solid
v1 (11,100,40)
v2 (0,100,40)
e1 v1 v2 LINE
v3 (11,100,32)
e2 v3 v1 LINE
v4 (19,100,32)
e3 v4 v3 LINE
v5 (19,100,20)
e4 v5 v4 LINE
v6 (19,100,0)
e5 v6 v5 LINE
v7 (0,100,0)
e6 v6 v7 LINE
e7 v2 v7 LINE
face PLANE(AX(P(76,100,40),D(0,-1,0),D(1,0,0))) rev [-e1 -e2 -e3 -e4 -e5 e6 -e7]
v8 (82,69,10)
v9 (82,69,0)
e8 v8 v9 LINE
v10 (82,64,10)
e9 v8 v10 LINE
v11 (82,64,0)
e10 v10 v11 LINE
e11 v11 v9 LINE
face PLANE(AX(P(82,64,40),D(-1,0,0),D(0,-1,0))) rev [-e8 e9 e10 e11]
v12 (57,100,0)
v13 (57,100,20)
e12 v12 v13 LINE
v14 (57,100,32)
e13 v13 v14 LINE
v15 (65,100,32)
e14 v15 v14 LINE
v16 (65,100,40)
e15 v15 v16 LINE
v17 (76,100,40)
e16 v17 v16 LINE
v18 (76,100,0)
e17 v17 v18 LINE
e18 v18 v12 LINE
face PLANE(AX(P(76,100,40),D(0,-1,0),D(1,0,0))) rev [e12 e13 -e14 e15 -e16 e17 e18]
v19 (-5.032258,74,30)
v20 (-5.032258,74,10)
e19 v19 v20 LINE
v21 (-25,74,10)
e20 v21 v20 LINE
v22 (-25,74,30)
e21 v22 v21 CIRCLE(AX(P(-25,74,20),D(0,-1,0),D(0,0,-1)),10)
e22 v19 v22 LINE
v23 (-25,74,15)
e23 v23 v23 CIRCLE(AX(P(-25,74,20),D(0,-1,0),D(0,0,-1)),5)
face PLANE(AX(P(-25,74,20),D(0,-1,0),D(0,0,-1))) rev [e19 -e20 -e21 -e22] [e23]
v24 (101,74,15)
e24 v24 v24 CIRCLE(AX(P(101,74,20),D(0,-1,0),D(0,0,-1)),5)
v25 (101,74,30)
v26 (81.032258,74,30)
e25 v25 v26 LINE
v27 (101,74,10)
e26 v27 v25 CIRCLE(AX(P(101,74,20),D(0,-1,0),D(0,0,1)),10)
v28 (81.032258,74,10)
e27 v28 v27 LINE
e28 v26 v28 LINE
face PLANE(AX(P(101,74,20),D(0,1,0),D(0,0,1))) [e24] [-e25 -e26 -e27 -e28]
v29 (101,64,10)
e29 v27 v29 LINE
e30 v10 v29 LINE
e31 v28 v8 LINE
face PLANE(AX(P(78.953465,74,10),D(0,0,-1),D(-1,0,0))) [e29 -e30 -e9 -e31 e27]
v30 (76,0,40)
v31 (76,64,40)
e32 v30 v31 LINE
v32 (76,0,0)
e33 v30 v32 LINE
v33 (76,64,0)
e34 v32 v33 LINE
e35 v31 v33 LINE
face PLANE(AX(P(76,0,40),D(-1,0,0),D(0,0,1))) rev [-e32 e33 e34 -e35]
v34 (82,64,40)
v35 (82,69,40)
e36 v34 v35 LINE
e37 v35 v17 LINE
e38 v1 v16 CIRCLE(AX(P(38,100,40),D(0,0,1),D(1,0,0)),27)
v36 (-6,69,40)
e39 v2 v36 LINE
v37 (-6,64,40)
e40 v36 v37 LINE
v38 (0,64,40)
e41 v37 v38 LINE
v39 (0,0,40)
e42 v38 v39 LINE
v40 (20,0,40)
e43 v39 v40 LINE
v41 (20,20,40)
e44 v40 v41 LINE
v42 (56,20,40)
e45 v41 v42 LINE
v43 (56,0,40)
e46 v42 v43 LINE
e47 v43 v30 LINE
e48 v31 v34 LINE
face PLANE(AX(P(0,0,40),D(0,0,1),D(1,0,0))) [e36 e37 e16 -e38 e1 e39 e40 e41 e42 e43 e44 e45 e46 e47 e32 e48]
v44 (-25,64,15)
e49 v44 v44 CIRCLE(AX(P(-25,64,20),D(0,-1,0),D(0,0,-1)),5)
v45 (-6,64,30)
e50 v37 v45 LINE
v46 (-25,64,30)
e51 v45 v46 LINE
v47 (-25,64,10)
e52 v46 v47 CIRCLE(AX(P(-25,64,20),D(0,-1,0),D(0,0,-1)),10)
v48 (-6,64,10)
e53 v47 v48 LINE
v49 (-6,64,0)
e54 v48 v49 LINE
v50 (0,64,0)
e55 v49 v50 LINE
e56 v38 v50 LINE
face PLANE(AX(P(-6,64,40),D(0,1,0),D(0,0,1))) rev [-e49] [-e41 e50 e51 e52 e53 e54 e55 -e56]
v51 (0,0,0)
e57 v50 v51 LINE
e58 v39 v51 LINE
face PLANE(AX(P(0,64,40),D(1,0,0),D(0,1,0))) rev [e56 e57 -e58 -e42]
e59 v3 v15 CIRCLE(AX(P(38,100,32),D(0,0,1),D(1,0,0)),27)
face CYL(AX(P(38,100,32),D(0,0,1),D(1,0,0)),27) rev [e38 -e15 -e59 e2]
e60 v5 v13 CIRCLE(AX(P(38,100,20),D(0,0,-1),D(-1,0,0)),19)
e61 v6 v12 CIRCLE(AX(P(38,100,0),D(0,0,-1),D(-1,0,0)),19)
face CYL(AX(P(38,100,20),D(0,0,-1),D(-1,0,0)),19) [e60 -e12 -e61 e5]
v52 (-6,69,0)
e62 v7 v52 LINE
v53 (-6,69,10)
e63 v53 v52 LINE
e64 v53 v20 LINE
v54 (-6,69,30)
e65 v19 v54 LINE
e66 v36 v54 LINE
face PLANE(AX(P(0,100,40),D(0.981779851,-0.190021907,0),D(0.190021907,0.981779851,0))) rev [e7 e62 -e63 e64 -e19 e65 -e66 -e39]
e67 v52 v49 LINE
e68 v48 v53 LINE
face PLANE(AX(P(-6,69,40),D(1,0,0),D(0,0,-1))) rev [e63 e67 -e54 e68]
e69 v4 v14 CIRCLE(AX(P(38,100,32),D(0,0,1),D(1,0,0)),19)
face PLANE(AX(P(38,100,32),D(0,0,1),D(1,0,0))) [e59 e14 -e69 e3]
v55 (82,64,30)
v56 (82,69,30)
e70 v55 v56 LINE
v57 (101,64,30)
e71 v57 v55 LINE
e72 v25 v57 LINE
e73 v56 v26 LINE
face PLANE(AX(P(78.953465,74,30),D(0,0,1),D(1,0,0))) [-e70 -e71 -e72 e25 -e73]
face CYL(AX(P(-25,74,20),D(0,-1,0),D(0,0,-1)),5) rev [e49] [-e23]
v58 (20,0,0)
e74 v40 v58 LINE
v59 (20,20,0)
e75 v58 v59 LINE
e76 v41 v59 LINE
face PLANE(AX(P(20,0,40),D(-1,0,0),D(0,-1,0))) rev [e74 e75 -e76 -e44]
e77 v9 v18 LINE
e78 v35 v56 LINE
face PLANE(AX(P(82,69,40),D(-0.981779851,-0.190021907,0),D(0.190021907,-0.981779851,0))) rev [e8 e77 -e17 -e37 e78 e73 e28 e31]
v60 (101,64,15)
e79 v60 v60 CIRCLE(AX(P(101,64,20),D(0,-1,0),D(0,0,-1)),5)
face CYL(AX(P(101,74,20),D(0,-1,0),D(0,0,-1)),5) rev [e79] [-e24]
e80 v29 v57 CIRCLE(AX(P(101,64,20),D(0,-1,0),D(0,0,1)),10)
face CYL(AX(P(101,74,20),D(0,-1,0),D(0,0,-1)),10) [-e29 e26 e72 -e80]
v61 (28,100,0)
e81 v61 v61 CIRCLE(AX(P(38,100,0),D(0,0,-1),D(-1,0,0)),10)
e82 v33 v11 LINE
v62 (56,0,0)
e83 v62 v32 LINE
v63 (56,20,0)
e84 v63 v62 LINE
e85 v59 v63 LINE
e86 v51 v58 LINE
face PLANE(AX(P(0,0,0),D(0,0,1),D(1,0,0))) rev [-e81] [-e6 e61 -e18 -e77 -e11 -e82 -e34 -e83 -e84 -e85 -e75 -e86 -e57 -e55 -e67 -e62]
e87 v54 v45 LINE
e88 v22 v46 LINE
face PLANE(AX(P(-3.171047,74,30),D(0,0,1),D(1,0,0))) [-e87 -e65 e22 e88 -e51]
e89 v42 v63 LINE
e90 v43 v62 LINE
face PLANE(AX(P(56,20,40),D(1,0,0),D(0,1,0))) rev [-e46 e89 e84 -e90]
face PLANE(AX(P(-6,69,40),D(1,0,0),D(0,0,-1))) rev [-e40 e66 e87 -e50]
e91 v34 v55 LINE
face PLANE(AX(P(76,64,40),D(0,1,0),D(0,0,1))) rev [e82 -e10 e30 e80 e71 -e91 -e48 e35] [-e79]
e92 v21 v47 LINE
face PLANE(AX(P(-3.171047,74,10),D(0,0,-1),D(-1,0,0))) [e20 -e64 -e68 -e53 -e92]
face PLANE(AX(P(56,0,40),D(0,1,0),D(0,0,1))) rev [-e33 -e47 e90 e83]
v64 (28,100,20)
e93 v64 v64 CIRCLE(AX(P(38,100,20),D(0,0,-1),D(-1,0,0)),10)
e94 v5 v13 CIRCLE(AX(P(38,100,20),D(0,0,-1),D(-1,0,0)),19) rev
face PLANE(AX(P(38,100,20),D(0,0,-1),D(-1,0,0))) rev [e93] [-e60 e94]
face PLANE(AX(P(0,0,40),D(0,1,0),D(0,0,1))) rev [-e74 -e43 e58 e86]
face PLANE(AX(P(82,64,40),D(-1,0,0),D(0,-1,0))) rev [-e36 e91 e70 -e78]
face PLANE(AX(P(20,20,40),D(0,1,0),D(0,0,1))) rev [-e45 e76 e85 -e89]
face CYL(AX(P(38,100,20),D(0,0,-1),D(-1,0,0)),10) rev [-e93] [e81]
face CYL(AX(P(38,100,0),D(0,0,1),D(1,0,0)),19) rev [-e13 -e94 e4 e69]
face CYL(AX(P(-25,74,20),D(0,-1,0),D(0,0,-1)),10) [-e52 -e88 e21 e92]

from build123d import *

# Parameters (mm, degrees)
BOSS_EXTRUDE1_DEPTH = 40
CUT_EXTRUDE1_DEPTH  = 8
CUT_EXTRUDE2_DEPTH  = 134.221619867
BOSS_EXTRUDE2_START = -20
SKETCH5_R           = 19
SKETCH5_R_2         = 10
BOSS_EXTRUDE2_DEPTH = 20
SKETCH6_R           = 5
BOSS_EXTRUDE3_DEPTH = 10
SKETCH7_R           = 5
BOSS_EXTRUDE4_DEPTH = 10


with BuildPart() as part:
    # Sketch1 → Boss-Extrude1 (new body)
    with BuildSketch(Plane.XY):
        Polygon((0, 0), (20, 0), (20, 20), (56, 20), (56, 0), (76, 0), (76, 64), (82, 64), (82, 69), (76, 100), (0, 100), (-6, 69), (-6, 64), (0, 64), align=None)
    extrude(amount=BOSS_EXTRUDE1_DEPTH)

    # Sketch2 → Cut-Extrude1 (cut)
    with BuildSketch(Plane.XY.offset(40)):
        with BuildLine():
            Line((11, 100), (65, 100))
            ThreePointArc((65, 100), (38, 73), (11, 100))
        make_face()
    extrude(amount=-CUT_EXTRUDE1_DEPTH, mode=Mode.SUBTRACT)

    # Sketch4 → Cut-Extrude2 (cut, through all)
    with BuildSketch(Plane.XY.offset(32)):
        with BuildLine():
            Line((19, 100), (57, 100))
            ThreePointArc((57, 100), (38, 81), (19, 100))
        make_face()
    extrude(amount=-CUT_EXTRUDE2_DEPTH, mode=Mode.SUBTRACT)

    # Sketch5 → Boss-Extrude2 (add)
    with BuildSketch(Plane(origin=(0, 0, 0), x_dir=(-1, 0, 0), z_dir=(0, 0, -1)).offset(BOSS_EXTRUDE2_START)):
        with Locations((-38, 100)):
            Circle(SKETCH5_R)
        with Locations((-38, 100)):
            Circle(SKETCH5_R_2, mode=Mode.SUBTRACT)
    extrude(amount=BOSS_EXTRUDE2_DEPTH)

    # Sketch6 → Boss-Extrude3 (add)
    with BuildSketch(Plane.XZ.offset(-64)):
        with BuildLine():
            Line((-3.1710474, 30), (-3.1710474, 10))
            Line((-3.1710474, 10), (-25, 10))
            ThreePointArc((-25, 10), (-35, 20), (-25, 30))
            Line((-25, 30), (-3.1710474, 30))
        make_face()
        with Locations(Location((-25, 20, 0), (0, 0, 270))):
            Circle(SKETCH6_R, mode=Mode.SUBTRACT)
    extrude(amount=-BOSS_EXTRUDE3_DEPTH)

    # Sketch7 → Boss-Extrude4 (add)
    with BuildSketch(Plane.XZ.offset(-64)):
        with BuildLine():
            Line((78.953464746, 30), (78.953464746, 10))
            Line((78.953464746, 10), (101, 10))
            ThreePointArc((101, 10), (111, 20), (101, 30))
            Line((101, 30), (78.953464746, 30))
        make_face()
        with Locations(Location((101, 20, 0), (0, 0, 270))):
            Circle(SKETCH7_R, mode=Mode.SUBTRACT)
    extrude(amount=-BOSS_EXTRUDE4_DEPTH)


solid = part.part
